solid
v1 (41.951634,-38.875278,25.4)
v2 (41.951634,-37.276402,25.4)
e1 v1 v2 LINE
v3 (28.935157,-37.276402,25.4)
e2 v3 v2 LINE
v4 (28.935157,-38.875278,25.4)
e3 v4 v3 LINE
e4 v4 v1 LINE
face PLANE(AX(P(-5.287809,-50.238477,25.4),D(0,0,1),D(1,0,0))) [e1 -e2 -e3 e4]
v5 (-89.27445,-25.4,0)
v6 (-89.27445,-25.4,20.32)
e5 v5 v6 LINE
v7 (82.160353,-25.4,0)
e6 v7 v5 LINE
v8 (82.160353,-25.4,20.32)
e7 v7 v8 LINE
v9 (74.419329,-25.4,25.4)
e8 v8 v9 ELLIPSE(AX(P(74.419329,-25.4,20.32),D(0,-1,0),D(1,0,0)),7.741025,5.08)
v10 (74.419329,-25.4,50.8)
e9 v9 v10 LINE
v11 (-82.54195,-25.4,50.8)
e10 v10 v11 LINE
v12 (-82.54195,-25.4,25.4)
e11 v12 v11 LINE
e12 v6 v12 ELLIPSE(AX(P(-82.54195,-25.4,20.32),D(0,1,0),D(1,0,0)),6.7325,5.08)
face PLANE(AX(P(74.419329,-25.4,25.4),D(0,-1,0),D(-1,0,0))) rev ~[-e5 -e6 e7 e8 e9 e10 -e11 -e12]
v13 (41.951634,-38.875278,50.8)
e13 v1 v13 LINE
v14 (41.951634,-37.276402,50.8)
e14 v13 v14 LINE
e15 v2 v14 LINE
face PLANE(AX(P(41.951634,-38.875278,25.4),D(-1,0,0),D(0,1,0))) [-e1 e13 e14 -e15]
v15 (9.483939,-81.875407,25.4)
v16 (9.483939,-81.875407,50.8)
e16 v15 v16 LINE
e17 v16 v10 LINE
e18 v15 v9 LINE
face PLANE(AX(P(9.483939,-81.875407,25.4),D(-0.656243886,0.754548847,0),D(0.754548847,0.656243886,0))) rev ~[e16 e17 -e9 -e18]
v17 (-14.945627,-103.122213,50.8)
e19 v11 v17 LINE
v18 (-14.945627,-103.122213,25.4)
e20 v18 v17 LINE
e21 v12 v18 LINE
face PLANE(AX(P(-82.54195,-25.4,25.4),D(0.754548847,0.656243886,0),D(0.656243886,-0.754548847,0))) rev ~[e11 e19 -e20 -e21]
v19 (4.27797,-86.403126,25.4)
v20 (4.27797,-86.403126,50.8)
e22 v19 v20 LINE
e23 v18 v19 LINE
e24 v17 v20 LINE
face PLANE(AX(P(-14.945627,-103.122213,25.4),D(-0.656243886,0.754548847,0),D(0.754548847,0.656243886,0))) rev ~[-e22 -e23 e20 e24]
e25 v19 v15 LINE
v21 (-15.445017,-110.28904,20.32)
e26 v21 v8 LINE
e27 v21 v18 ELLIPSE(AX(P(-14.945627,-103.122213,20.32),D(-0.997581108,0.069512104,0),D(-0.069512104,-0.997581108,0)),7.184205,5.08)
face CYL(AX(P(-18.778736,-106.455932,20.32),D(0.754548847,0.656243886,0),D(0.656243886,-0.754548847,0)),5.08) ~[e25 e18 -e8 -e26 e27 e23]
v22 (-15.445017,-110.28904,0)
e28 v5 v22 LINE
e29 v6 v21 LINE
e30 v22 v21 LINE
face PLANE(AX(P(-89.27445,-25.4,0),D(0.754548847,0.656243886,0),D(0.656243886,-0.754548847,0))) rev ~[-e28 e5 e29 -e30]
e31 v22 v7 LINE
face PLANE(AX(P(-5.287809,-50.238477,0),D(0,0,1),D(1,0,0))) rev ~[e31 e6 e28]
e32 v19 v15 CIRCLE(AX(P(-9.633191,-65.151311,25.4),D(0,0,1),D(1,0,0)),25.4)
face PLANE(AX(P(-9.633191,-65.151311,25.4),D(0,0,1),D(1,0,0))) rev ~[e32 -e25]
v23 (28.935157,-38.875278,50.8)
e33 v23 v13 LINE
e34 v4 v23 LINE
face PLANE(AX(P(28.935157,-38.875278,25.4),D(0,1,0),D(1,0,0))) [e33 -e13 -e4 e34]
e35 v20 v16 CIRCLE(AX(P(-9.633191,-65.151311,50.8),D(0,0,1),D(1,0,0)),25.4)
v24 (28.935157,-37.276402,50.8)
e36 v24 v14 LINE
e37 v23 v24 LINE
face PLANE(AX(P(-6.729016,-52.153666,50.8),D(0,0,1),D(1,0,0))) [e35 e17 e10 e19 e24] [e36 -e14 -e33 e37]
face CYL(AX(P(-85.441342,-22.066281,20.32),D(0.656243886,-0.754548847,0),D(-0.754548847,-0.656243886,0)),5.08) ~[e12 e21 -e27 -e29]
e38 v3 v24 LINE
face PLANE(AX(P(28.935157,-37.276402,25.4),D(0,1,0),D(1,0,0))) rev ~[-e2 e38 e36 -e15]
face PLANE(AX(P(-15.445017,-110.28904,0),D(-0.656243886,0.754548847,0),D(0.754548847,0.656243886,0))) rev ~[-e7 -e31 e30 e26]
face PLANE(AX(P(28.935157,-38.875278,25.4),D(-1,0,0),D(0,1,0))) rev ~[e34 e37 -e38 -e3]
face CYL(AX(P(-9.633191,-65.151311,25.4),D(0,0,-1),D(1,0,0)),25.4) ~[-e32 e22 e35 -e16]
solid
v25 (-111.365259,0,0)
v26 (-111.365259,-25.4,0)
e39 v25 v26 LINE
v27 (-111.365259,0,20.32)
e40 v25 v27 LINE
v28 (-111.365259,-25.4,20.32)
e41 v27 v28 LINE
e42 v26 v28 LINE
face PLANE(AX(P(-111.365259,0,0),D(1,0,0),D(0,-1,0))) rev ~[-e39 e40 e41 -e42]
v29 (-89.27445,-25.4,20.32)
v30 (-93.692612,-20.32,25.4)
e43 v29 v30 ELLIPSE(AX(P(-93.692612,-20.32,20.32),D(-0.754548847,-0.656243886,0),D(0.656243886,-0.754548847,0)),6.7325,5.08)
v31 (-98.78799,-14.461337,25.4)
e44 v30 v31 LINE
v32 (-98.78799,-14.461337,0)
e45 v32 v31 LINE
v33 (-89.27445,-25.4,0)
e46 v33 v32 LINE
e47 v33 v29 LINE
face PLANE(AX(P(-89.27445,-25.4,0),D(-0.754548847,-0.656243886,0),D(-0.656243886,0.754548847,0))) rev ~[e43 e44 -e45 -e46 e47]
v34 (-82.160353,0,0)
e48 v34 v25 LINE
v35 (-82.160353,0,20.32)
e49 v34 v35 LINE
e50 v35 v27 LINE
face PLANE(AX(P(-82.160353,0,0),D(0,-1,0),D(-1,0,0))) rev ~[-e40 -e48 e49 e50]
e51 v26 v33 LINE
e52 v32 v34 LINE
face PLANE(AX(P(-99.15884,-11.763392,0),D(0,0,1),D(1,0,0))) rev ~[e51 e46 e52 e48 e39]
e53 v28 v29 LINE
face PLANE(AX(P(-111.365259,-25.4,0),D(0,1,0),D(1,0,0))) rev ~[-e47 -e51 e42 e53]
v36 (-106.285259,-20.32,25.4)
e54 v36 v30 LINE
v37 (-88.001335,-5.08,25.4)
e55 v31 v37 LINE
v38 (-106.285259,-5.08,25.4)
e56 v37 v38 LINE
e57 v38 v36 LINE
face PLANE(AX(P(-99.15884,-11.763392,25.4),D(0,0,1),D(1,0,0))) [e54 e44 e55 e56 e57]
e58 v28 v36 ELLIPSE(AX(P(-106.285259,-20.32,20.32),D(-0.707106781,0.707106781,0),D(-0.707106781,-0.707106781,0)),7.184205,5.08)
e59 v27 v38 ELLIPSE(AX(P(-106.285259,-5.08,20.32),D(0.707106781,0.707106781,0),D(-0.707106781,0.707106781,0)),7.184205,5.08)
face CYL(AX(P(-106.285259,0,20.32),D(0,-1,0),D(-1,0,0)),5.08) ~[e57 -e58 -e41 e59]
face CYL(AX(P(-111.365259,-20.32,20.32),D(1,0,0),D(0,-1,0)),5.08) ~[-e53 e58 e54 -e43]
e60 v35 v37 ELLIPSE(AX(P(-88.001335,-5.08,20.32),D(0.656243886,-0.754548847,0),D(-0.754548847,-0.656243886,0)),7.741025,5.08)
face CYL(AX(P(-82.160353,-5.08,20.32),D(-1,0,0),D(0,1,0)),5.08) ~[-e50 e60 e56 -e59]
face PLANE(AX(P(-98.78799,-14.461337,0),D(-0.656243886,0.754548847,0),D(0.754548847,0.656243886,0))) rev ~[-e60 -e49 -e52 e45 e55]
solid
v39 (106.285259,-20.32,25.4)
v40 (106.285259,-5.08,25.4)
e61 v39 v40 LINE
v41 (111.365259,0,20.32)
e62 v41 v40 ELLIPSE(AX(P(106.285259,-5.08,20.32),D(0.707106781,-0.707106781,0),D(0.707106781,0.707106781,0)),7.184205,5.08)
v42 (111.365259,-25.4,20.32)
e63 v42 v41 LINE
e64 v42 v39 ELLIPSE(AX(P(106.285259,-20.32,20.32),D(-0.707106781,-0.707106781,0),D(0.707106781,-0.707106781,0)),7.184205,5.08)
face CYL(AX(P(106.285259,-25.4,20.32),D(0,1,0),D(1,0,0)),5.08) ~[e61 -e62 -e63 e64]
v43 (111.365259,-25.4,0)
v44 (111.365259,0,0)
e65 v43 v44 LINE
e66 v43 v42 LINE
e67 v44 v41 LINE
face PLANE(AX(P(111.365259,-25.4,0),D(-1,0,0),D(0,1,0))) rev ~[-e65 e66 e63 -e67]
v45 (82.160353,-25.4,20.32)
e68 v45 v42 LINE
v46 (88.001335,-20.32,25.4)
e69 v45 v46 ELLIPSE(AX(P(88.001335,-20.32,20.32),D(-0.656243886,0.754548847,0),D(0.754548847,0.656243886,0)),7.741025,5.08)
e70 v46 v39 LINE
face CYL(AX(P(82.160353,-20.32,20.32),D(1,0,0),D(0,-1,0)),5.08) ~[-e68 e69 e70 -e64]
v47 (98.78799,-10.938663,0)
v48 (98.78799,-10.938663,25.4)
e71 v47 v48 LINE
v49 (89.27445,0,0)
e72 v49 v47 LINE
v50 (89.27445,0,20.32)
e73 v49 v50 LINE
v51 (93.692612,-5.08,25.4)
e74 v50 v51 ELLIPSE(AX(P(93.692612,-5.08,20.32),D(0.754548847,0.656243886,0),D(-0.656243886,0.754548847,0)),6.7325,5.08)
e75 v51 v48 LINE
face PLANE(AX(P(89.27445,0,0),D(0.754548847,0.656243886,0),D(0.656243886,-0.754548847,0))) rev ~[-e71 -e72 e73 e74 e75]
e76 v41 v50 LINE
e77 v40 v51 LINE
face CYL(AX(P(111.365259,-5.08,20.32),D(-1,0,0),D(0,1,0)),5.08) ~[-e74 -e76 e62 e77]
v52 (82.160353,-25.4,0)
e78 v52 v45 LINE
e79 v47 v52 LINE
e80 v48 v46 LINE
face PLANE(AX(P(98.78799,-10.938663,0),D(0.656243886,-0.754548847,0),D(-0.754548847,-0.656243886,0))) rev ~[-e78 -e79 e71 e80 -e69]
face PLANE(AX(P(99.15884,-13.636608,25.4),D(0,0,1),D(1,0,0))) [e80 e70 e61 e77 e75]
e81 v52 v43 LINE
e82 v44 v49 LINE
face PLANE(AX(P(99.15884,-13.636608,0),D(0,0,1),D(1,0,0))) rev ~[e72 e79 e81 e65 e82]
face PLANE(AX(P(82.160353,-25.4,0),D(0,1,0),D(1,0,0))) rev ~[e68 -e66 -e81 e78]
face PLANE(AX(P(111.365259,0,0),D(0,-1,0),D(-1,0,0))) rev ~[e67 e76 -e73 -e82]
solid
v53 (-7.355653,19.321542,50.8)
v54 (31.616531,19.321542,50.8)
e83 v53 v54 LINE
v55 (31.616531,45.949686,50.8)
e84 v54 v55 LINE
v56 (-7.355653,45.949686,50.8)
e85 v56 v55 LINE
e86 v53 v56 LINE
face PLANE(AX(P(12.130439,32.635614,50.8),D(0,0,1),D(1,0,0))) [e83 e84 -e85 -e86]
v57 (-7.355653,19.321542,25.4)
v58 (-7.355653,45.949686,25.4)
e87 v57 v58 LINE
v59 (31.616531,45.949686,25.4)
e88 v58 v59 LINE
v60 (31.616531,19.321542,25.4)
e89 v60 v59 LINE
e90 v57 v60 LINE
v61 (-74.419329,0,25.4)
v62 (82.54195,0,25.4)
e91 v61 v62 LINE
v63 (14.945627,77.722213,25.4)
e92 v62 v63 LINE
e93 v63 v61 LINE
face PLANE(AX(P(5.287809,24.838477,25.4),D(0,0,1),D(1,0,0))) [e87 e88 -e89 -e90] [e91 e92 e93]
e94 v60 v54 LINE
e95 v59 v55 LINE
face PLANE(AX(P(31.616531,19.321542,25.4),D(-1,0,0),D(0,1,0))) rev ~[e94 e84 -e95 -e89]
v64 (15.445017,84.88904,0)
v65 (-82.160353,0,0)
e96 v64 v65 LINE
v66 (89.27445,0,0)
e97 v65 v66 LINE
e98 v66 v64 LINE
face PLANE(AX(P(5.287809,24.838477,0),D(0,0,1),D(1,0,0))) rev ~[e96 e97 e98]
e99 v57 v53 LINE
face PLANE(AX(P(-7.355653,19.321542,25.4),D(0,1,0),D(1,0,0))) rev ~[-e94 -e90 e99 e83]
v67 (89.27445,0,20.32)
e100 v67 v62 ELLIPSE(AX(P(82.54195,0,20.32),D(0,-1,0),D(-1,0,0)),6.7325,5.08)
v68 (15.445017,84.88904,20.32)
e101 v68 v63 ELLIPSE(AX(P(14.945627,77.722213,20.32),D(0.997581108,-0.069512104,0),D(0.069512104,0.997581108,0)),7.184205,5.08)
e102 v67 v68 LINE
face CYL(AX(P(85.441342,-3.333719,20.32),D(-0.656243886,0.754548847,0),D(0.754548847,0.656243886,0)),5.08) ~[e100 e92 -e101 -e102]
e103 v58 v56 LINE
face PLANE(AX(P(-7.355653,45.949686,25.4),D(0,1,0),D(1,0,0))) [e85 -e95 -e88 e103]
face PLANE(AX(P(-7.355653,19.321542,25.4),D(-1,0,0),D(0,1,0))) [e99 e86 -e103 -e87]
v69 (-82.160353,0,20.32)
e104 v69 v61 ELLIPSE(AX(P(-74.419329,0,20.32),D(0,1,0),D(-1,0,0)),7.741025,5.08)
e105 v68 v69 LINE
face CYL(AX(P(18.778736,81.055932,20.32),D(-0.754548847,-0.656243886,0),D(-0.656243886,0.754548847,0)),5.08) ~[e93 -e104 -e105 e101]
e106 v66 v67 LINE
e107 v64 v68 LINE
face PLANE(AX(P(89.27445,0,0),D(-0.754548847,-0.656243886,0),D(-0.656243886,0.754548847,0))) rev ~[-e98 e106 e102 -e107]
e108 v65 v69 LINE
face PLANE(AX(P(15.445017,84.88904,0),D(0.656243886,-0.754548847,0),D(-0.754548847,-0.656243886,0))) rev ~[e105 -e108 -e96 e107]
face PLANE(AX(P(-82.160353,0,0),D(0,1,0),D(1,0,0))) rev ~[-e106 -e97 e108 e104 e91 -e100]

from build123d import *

# Parameters (mm, degrees)
F1_DEPTH = 25.4
F2_R     = 5.08
F2_2_R   = 5.08
F2_3_R   = 5.08
F2_4_R   = 5.08
F3_R     = 25.4
F4_DEPTH = 25.4
F5_W     = 38.972184062
F5_H     = 26.6281440854
F6_DEPTH = 25.4
F7_W     = 13.0164770336
F7_H     = 1.5988759696
F8_DEPTH = 25.4


with BuildPart() as f1:
    # F0 (on Top) → F1 (new body)
    with BuildSketch(Plane.XY):
        Polygon((-111.3652590445, 0), (-111.3652590445, -25.4), (-89.2744497164, -25.4), (-98.7879901342, -14.4613366391), (-82.1603534924, 0), align=None)
    extrude(amount=F1_DEPTH)

    # F2#4
    f2_4_edges = [f1.edges().sort_by_distance(p)[0] for p in [
        (-96.762806, 0, 25.4),
        (-111.365259, -12.7, 25.4),
        (-100.319854, -25.4, 25.4),
    ]]
    fillet(f2_4_edges, radius=F2_4_R)


with BuildPart() as f1b:
    # F0 (on Top) → F1, piece 2 (new body)
    with BuildSketch(Plane.XY):
        Polygon((98.7879901342, -10.9386633609), (82.1603534924, -25.4), (111.3652590445, -25.4), (111.3652590445, 0), (89.2744497164, 0), align=None)
    extrude(amount=F1_DEPTH)

    # F2#2
    f2_2_edges = [f1b.edges().sort_by_distance(p)[0] for p in [
        (96.762806, -25.4, 25.4),
        (111.365259, -12.7, 25.4),
        (100.319854, 0, 25.4),
    ]]
    fillet(f2_2_edges, radius=F2_2_R)


with BuildPart() as f1c:
    # F0 (on Top) → F1, piece 3 (new body)
    with BuildSketch(Plane.XY):
        Polygon((15.4450166199, 84.8890401793), (-82.1603534924, 0), (89.2744497164, 0), align=None)
    extrude(amount=F1_DEPTH)

    # F2#3
    f2_3_edges = [f1c.edges().sort_by_distance(p)[0] for p in [
        (52.359733, 42.44452, 25.4),
        (-33.357668, 42.44452, 25.4),
    ]]
    fillet(f2_3_edges, radius=F2_3_R)

    # F5 (on face) → F6 (join)
    with BuildSketch(Plane.XY.offset(25.4)):
        with Locations((12.1304392815, 32.6356142759)):
            Rectangle(F5_W, F5_H)
    extrude(amount=F6_DEPTH)


with BuildPart() as f1d:
    # F0 (on Top) → F1, piece 4 (new body)
    with BuildSketch(Plane.XY):
        Polygon((82.1603534924, -25.4), (-89.2744497164, -25.4), (-15.4450166199, -110.2890401793), align=None)
    extrude(amount=F1_DEPTH)

    # F2
    f2_edges = [f1d.edges().sort_by_distance(p)[0] for p in [
        (-52.359733, -67.84452, 25.4),
        (33.357668, -67.84452, 25.4),
    ]]
    fillet(f2_edges, radius=F2_R)

    # F3 (on face) → F4 (join)
    with BuildSketch(Plane.XY.offset(25.4)):
        with Locations((-9.6331909299, -65.1513114572)):
            Circle(F3_R)
    extrude(amount=F4_DEPTH)

    # F7 (on face) → F8 (join)
    with BuildSketch(Plane.XY.offset(25.4)):
        with BuildLine():
            ThreePointArc((15.7668090701, -65.1513114572), (14.1442678294, -74.0839737116), (9.4839386014, -81.8754066041))
            Line((9.4839386014, -81.8754066041), (74.4193289909, -25.4))
            Line((74.4193289909, -25.4), (-82.5419498634, -25.4))
            Line((-82.5419498634, -25.4), (-14.9456274188, -103.1222130971))
            Line((-14.9456274188, -103.1222130971), (4.2779697999, -86.4031256656))
            ThreePointArc((4.2779697999, -86.4031256656), (-31.9771328665, -53.0720623608), (15.7668090701, -65.1513114572))
        make_face()
        with Locations((35.4433952794, -38.0758401006)):
            Rectangle(F7_W, F7_H, mode=Mode.SUBTRACT)
    extrude(amount=F8_DEPTH)


solid = Compound([f1.part, f1b.part, f1c.part, f1d.part])
